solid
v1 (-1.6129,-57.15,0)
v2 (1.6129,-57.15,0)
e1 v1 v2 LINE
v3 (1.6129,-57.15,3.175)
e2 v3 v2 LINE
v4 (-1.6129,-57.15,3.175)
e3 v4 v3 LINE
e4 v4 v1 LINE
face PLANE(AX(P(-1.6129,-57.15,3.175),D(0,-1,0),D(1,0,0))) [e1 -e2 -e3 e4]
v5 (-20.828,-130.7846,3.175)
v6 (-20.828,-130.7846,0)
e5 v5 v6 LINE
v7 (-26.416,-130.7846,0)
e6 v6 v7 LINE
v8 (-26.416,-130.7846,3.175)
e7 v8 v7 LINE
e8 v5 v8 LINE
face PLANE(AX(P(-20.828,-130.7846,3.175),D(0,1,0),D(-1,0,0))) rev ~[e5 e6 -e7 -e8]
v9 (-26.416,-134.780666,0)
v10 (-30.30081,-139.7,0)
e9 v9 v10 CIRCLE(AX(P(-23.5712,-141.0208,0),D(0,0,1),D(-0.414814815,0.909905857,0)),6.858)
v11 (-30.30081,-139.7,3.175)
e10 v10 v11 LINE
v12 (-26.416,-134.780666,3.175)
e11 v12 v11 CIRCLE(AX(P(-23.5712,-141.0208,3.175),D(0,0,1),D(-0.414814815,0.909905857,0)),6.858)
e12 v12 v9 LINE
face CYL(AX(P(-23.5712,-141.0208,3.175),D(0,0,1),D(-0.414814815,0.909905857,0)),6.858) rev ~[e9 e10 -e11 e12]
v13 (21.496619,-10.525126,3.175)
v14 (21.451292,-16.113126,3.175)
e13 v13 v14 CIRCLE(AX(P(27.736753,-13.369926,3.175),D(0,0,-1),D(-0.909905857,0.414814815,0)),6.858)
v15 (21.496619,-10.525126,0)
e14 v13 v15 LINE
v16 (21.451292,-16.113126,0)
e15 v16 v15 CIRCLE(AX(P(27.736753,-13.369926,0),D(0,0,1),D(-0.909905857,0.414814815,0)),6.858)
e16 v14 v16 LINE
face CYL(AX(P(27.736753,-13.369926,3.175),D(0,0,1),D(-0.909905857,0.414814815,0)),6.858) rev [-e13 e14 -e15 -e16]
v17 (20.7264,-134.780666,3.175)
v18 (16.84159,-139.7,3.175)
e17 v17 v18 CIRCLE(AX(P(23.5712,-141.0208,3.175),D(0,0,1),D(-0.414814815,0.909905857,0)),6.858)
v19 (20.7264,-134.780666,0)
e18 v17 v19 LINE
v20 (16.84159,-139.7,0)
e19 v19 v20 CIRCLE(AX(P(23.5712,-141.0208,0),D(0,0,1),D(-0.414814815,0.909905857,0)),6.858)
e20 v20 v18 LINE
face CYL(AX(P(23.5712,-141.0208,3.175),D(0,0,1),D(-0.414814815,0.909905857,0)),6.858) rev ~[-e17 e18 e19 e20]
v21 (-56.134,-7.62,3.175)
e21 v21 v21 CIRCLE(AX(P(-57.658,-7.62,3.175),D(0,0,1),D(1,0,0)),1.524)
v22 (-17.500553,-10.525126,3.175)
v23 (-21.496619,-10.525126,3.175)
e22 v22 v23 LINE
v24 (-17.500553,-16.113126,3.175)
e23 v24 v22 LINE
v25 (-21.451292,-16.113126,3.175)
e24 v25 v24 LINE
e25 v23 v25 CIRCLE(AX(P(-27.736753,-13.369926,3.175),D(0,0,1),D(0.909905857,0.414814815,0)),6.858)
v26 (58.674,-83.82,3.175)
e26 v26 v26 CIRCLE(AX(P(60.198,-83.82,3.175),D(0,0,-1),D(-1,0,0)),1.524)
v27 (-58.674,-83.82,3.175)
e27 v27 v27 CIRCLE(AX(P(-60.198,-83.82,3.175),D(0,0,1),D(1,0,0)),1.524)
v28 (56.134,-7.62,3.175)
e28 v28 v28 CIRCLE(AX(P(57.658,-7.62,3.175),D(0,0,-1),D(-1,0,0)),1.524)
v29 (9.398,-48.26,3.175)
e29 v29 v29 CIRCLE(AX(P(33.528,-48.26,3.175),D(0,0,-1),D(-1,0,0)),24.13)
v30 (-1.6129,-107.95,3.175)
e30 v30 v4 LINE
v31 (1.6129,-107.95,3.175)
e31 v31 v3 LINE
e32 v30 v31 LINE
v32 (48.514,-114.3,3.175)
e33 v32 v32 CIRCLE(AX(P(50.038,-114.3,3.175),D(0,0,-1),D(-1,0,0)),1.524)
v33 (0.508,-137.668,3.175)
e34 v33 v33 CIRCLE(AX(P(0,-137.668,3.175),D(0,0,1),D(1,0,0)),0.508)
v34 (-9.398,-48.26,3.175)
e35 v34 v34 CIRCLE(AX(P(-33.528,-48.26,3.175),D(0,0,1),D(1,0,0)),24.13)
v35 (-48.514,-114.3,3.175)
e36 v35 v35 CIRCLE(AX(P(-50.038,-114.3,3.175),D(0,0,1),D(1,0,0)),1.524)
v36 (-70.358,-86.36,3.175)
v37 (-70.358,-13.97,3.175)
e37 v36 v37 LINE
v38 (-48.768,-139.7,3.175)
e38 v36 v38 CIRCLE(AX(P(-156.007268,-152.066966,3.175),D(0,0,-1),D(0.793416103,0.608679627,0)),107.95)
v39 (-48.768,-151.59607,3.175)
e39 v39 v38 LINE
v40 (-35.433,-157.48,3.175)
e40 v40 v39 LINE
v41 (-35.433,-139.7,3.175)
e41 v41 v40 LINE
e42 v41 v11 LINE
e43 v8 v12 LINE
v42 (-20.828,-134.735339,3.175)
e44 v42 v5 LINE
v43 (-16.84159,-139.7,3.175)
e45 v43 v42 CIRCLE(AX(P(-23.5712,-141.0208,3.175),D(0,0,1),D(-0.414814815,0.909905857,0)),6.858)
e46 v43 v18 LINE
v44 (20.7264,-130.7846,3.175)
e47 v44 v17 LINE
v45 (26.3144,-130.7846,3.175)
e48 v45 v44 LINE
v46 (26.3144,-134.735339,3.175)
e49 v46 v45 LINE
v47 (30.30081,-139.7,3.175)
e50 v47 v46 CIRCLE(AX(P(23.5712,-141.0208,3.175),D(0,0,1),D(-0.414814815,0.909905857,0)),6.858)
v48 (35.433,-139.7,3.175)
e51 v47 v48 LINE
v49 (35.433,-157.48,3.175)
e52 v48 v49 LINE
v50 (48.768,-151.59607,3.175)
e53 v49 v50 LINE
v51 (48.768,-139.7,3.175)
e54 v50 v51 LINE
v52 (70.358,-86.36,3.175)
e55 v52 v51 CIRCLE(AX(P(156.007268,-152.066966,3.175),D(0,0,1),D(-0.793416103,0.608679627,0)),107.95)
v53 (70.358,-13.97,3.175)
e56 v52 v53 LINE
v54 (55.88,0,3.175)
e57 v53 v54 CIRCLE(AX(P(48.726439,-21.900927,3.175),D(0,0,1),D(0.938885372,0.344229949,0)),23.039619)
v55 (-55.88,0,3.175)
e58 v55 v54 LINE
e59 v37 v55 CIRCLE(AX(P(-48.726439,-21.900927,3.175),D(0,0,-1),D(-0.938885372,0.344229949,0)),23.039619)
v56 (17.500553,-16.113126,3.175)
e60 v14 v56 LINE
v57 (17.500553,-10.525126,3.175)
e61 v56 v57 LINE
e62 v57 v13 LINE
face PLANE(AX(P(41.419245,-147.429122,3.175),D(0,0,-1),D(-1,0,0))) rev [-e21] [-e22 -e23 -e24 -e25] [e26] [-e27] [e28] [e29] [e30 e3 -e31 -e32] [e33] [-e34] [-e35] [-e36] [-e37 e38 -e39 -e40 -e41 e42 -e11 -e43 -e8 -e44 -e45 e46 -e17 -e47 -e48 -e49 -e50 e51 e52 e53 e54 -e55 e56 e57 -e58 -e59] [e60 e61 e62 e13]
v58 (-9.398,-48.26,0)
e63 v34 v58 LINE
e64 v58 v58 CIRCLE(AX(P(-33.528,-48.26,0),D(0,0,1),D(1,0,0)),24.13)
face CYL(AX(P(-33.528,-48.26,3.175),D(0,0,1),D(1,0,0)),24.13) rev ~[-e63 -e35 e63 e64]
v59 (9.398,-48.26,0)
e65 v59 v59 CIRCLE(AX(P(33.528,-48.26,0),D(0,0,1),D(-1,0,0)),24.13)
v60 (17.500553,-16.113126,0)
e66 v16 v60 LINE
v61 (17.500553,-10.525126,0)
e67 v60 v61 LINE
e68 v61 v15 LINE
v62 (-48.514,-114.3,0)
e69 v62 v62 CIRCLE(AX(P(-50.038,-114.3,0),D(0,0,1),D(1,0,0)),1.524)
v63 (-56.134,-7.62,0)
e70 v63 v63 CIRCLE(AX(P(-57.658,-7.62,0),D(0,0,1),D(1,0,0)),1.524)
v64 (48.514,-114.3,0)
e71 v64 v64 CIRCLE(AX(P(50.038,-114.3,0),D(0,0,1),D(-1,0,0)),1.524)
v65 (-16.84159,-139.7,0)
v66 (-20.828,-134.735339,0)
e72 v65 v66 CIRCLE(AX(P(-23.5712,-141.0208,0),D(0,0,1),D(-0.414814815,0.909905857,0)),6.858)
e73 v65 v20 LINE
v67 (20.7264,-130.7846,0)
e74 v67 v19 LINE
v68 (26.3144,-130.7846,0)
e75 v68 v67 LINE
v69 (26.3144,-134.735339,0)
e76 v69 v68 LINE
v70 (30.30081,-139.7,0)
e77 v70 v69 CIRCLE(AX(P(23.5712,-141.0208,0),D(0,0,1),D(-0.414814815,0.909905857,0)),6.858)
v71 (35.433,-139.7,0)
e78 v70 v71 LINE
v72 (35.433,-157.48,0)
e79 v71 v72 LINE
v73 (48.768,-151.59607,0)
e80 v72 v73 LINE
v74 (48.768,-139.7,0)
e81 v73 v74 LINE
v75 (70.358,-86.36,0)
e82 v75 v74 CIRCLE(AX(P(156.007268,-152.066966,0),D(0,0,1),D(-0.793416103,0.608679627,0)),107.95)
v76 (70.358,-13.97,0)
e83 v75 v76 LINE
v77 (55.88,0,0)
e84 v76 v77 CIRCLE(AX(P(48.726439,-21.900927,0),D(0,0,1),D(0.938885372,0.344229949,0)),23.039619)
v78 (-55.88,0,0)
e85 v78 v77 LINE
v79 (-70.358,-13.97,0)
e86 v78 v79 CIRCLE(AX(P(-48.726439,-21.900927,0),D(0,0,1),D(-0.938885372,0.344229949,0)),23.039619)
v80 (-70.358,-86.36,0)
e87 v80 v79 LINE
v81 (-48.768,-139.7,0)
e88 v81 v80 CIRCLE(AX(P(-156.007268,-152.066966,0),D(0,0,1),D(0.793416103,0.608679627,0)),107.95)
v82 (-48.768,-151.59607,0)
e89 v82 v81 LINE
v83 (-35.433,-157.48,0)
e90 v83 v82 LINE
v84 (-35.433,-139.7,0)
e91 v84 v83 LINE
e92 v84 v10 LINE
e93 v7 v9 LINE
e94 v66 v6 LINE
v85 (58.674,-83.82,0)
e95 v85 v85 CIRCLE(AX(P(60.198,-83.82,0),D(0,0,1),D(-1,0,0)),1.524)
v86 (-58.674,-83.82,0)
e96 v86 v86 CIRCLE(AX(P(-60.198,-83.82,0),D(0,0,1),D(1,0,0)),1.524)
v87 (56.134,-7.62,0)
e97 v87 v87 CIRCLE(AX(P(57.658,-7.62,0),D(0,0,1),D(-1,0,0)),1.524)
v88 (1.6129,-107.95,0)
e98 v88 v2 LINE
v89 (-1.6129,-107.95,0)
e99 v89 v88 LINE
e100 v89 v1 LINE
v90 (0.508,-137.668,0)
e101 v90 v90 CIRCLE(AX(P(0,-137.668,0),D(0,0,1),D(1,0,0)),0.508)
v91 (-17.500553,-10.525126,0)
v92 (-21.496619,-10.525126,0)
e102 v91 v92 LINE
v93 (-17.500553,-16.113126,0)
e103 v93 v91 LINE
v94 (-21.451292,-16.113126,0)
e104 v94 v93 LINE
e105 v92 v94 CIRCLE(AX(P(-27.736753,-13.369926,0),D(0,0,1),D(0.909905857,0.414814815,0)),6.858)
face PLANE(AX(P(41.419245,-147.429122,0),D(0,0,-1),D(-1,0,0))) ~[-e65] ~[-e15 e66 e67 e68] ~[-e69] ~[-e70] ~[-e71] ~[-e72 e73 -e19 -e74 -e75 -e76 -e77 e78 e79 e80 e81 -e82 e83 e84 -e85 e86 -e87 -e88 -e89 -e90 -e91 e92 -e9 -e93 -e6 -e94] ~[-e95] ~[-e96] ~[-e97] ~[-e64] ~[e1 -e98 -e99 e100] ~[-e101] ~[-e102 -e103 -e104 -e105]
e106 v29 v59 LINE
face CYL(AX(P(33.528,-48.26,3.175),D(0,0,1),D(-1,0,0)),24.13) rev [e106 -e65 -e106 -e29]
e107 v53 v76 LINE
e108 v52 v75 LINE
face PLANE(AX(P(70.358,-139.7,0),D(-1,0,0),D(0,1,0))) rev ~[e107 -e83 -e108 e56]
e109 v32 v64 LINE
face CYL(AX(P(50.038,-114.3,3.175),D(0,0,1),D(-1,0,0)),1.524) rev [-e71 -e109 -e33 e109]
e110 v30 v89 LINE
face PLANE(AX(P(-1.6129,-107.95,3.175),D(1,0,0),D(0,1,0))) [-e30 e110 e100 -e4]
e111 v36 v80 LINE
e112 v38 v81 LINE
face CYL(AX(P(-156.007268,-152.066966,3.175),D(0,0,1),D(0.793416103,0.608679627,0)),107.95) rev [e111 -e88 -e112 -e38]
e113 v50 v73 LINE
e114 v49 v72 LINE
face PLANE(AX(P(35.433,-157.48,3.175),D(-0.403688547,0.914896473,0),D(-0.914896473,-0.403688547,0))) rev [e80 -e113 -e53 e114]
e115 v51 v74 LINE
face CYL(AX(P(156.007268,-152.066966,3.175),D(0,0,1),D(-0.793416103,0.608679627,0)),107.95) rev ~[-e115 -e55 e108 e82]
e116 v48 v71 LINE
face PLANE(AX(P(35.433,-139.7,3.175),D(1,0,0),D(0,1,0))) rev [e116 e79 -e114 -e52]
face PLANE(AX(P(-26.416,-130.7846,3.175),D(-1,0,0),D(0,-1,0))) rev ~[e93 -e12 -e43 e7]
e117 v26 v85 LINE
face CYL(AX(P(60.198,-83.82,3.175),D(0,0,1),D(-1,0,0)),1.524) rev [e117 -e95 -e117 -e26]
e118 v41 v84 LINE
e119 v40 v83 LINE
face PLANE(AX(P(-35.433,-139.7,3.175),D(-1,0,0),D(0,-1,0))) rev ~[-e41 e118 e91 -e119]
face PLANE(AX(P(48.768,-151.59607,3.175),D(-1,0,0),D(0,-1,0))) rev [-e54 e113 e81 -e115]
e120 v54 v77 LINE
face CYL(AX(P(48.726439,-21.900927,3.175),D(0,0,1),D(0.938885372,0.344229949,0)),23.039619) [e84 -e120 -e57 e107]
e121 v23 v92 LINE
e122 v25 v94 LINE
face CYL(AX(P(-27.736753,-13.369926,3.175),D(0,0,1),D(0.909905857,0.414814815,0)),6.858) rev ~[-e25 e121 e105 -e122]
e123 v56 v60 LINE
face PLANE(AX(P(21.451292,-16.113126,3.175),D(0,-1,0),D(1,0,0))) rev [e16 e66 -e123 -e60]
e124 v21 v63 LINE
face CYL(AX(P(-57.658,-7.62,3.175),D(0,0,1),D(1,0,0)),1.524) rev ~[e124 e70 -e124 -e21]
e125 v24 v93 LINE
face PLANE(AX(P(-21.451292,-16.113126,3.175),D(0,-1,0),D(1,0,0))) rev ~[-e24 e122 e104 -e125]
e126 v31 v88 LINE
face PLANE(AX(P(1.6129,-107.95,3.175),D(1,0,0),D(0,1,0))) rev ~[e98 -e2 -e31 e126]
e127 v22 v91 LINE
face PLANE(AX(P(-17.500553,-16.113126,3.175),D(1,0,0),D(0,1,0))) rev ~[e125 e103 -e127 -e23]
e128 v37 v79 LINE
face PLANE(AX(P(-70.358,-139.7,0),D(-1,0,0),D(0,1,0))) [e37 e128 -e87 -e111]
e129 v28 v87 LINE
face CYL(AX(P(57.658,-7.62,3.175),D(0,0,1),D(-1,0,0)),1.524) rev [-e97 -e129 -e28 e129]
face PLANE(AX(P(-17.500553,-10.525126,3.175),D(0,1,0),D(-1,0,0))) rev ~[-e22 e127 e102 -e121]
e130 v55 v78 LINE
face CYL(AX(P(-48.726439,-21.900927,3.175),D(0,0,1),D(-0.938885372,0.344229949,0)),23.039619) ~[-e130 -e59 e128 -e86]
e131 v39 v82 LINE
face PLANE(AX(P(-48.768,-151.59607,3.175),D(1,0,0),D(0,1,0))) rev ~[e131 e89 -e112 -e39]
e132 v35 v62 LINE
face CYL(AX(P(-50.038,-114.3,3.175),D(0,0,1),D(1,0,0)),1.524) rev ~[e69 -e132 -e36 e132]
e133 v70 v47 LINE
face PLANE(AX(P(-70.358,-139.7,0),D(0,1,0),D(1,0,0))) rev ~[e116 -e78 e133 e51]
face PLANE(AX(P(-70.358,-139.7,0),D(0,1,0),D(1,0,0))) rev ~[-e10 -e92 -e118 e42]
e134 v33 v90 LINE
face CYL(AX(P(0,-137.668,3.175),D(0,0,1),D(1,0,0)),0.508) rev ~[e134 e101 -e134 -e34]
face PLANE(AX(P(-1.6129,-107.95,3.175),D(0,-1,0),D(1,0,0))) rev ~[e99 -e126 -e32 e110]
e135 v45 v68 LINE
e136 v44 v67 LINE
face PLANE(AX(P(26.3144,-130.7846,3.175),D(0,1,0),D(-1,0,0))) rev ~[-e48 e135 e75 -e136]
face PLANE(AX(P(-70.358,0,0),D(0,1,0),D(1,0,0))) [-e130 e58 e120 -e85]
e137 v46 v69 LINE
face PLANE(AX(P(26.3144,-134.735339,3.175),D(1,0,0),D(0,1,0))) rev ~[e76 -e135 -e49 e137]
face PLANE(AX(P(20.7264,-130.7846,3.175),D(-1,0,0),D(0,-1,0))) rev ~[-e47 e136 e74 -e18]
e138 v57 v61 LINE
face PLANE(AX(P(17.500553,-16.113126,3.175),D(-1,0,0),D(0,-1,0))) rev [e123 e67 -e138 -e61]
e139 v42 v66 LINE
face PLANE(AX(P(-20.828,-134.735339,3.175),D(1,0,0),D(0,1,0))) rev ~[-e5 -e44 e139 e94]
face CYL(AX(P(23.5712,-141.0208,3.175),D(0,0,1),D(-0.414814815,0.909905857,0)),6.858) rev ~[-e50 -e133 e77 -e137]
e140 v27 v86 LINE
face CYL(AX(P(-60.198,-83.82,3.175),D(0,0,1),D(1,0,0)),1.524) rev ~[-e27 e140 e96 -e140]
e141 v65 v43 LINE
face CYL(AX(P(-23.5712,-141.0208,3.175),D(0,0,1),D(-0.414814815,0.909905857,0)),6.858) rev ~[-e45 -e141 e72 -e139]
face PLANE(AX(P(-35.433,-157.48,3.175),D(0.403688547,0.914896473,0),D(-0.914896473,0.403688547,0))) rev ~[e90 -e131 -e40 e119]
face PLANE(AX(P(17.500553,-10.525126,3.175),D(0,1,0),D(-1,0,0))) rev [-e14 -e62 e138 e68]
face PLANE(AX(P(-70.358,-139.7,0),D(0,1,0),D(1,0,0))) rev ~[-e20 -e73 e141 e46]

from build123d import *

# Parameters (mm, degrees)
SKETCH1_W                           = 140.716
SKETCH1_H                           = 139.7
MAIN_BODY_DEPTH                     = 3.175
SKETCH2_R                           = 24.13
CUTS_FOR_EYES_AND_MOTORS_DEPTH      = 4.175
SKETCH4_W                           = 3.2258
SKETCH4_H                           = 50.8
CUT_FOR_NOSE_DEPTH                  = 4.175
CUT_FOR_ROUNDED_FACE_FEATURES_DEPTH = 4.175
SKETCH12_R                          = 1.524
HOLES_FOR_SPACERS_DEPTH             = 4.175
BOSS_EXTRUDE1_DEPTH                 = 3.175
CUT_EXTRUDE1_DEPTH                  = 4.175
SKETCH16_R                          = 0.508
CUT_EXTRUDE2_DEPTH                  = 4.175


with BuildPart() as part:
    # Sketch1 → main body (new body)
    with BuildSketch(Plane.XY):
        with Locations((0, -69.85)):
            Rectangle(SKETCH1_W, SKETCH1_H)
    extrude(amount=MAIN_BODY_DEPTH)

    # Sketch2 → cuts for eyes and motors (cut, through all)
    with BuildSketch(Plane.XY.offset(3.175)):
        with Locations((-33.528, -48.26)):
            Circle(SKETCH2_R)
        with BuildLine():
            Line((-17.500552949, -13.319125673), (-17.500552949, -10.525125673))
            Line((-17.500552949, -10.525125673), (-21.496618579, -10.525125673))
            ThreePointArc((-21.496618579, -10.525125673), (-34.59452735, -13.425551762), (-21.451292126, -16.113125673))
            Line((-21.451292126, -16.113125673), (-17.500552949, -16.113125673))
            Line((-17.500552949, -16.113125673), (-17.500552949, -13.319125673))
        make_face()
    cuts_for_eyes_and_motors = extrude(amount=-CUTS_FOR_EYES_AND_MOTORS_DEPTH, mode=Mode.SUBTRACT)

    # Sketch4 → cut for nose (cut, through all)
    with BuildSketch(Plane.XY.offset(3.175)):
        with Locations((0, -82.55)):
            Rectangle(SKETCH4_W, SKETCH4_H)
    extrude(amount=-CUT_FOR_NOSE_DEPTH, mode=Mode.SUBTRACT)

    # Mirror1: cuts for eyes and motors across plane
    add(cuts_for_eyes_and_motors.mirror(Plane(origin=(0, 0, 0), x_dir=(0, 0, 1), z_dir=(1, 0, 0))), mode=Mode.SUBTRACT)

    # Sketch11 → cut for rounded face features (cut, through all)
    with BuildSketch(Plane.XY.offset(3.175)):
        with BuildLine():
            Line((-70.358, -139.7), (-70.358, -86.36))
            ThreePointArc((-70.358, -86.36), (-55.943359781, -111.56490753), (-48.768, -139.7))
            Line((-48.768, -139.7), (-70.358, -139.7))
        make_face()
        with BuildLine():
            Line((-70.358, 0), (-70.358, -13.97))
            ThreePointArc((-70.358, -13.97), (-64.724440046, -5.321180316), (-55.88, 0))
            Line((-55.88, 0), (-70.358, 0))
        make_face()
    cut_for_rounded_face_features = extrude(amount=-CUT_FOR_ROUNDED_FACE_FEATURES_DEPTH, mode=Mode.SUBTRACT)

    # mirror of rounded feature: cut for rounded face features across plane
    add(cut_for_rounded_face_features.mirror(Plane(origin=(0, 0, 0), x_dir=(0, 0, 1), z_dir=(1, 0, 0))), mode=Mode.SUBTRACT)

    # Sketch12 → holes for spacers (cut, through all)
    with BuildSketch(Plane.XY.offset(3.175)):
        with Locations((-57.658, -7.62)):
            Circle(SKETCH12_R)
        with Locations((-60.198, -83.82)):
            Circle(SKETCH12_R)
        with Locations((-50.038, -114.3)):
            Circle(SKETCH12_R)
    holes_for_spacers = extrude(amount=-HOLES_FOR_SPACERS_DEPTH, mode=Mode.SUBTRACT)

    # mirror of spacer hole: holes for spacers across plane
    add(holes_for_spacers.mirror(Plane(origin=(0, 0, 0), x_dir=(0, 0, 1), z_dir=(1, 0, 0))), mode=Mode.SUBTRACT)

    # Sketch14 → Boss-Extrude1 (add)
    with BuildSketch(Plane.XY.offset(3.175)):
        Polygon((-48.768, -139.7), (-35.433, -139.7), (-35.433, -157.48), (-48.768, -151.596070028), align=None)
    boss_extrude1 = extrude(amount=-BOSS_EXTRUDE1_DEPTH)

    # Mirror3: Boss-Extrude1 across plane
    add(boss_extrude1.mirror(Plane(origin=(0, 0, 0), x_dir=(0, 0, 1), z_dir=(1, 0, 0))))

    # Sketch15 → Cut-Extrude1 (cut, through all)
    with BuildSketch(Plane.XY.offset(3.175)):
        with BuildLine():
            Line((-23.622, -130.7846), (-26.416, -130.7846))
            Line((-26.416, -130.7846), (-26.416, -134.78066563))
            ThreePointArc((-26.416, -134.78066563), (-23.515573911, -147.878574401), (-20.828, -134.735339177))
            Line((-20.828, -134.735339177), (-20.828, -130.7846))
            Line((-20.828, -130.7846), (-23.622, -130.7846))
        make_face()
        with BuildLine():
            Line((23.5204, -130.7846), (20.7264, -130.7846))
            Line((20.7264, -130.7846), (20.7264, -134.78066563))
            ThreePointArc((20.7264, -134.78066563), (23.626826089, -147.878574401), (26.3144, -134.735339177))
            Line((26.3144, -134.735339177), (26.3144, -130.7846))
            Line((26.3144, -130.7846), (23.5204, -130.7846))
        make_face()
    extrude(amount=-CUT_EXTRUDE1_DEPTH, mode=Mode.SUBTRACT)

    # Sketch16 → Cut-Extrude2 (cut, through all)
    with BuildSketch(Plane.XY.offset(3.175)):
        with Locations((0, -137.668)):
            Circle(SKETCH16_R)
    extrude(amount=-CUT_EXTRUDE2_DEPTH, mode=Mode.SUBTRACT)


solid = part.part
